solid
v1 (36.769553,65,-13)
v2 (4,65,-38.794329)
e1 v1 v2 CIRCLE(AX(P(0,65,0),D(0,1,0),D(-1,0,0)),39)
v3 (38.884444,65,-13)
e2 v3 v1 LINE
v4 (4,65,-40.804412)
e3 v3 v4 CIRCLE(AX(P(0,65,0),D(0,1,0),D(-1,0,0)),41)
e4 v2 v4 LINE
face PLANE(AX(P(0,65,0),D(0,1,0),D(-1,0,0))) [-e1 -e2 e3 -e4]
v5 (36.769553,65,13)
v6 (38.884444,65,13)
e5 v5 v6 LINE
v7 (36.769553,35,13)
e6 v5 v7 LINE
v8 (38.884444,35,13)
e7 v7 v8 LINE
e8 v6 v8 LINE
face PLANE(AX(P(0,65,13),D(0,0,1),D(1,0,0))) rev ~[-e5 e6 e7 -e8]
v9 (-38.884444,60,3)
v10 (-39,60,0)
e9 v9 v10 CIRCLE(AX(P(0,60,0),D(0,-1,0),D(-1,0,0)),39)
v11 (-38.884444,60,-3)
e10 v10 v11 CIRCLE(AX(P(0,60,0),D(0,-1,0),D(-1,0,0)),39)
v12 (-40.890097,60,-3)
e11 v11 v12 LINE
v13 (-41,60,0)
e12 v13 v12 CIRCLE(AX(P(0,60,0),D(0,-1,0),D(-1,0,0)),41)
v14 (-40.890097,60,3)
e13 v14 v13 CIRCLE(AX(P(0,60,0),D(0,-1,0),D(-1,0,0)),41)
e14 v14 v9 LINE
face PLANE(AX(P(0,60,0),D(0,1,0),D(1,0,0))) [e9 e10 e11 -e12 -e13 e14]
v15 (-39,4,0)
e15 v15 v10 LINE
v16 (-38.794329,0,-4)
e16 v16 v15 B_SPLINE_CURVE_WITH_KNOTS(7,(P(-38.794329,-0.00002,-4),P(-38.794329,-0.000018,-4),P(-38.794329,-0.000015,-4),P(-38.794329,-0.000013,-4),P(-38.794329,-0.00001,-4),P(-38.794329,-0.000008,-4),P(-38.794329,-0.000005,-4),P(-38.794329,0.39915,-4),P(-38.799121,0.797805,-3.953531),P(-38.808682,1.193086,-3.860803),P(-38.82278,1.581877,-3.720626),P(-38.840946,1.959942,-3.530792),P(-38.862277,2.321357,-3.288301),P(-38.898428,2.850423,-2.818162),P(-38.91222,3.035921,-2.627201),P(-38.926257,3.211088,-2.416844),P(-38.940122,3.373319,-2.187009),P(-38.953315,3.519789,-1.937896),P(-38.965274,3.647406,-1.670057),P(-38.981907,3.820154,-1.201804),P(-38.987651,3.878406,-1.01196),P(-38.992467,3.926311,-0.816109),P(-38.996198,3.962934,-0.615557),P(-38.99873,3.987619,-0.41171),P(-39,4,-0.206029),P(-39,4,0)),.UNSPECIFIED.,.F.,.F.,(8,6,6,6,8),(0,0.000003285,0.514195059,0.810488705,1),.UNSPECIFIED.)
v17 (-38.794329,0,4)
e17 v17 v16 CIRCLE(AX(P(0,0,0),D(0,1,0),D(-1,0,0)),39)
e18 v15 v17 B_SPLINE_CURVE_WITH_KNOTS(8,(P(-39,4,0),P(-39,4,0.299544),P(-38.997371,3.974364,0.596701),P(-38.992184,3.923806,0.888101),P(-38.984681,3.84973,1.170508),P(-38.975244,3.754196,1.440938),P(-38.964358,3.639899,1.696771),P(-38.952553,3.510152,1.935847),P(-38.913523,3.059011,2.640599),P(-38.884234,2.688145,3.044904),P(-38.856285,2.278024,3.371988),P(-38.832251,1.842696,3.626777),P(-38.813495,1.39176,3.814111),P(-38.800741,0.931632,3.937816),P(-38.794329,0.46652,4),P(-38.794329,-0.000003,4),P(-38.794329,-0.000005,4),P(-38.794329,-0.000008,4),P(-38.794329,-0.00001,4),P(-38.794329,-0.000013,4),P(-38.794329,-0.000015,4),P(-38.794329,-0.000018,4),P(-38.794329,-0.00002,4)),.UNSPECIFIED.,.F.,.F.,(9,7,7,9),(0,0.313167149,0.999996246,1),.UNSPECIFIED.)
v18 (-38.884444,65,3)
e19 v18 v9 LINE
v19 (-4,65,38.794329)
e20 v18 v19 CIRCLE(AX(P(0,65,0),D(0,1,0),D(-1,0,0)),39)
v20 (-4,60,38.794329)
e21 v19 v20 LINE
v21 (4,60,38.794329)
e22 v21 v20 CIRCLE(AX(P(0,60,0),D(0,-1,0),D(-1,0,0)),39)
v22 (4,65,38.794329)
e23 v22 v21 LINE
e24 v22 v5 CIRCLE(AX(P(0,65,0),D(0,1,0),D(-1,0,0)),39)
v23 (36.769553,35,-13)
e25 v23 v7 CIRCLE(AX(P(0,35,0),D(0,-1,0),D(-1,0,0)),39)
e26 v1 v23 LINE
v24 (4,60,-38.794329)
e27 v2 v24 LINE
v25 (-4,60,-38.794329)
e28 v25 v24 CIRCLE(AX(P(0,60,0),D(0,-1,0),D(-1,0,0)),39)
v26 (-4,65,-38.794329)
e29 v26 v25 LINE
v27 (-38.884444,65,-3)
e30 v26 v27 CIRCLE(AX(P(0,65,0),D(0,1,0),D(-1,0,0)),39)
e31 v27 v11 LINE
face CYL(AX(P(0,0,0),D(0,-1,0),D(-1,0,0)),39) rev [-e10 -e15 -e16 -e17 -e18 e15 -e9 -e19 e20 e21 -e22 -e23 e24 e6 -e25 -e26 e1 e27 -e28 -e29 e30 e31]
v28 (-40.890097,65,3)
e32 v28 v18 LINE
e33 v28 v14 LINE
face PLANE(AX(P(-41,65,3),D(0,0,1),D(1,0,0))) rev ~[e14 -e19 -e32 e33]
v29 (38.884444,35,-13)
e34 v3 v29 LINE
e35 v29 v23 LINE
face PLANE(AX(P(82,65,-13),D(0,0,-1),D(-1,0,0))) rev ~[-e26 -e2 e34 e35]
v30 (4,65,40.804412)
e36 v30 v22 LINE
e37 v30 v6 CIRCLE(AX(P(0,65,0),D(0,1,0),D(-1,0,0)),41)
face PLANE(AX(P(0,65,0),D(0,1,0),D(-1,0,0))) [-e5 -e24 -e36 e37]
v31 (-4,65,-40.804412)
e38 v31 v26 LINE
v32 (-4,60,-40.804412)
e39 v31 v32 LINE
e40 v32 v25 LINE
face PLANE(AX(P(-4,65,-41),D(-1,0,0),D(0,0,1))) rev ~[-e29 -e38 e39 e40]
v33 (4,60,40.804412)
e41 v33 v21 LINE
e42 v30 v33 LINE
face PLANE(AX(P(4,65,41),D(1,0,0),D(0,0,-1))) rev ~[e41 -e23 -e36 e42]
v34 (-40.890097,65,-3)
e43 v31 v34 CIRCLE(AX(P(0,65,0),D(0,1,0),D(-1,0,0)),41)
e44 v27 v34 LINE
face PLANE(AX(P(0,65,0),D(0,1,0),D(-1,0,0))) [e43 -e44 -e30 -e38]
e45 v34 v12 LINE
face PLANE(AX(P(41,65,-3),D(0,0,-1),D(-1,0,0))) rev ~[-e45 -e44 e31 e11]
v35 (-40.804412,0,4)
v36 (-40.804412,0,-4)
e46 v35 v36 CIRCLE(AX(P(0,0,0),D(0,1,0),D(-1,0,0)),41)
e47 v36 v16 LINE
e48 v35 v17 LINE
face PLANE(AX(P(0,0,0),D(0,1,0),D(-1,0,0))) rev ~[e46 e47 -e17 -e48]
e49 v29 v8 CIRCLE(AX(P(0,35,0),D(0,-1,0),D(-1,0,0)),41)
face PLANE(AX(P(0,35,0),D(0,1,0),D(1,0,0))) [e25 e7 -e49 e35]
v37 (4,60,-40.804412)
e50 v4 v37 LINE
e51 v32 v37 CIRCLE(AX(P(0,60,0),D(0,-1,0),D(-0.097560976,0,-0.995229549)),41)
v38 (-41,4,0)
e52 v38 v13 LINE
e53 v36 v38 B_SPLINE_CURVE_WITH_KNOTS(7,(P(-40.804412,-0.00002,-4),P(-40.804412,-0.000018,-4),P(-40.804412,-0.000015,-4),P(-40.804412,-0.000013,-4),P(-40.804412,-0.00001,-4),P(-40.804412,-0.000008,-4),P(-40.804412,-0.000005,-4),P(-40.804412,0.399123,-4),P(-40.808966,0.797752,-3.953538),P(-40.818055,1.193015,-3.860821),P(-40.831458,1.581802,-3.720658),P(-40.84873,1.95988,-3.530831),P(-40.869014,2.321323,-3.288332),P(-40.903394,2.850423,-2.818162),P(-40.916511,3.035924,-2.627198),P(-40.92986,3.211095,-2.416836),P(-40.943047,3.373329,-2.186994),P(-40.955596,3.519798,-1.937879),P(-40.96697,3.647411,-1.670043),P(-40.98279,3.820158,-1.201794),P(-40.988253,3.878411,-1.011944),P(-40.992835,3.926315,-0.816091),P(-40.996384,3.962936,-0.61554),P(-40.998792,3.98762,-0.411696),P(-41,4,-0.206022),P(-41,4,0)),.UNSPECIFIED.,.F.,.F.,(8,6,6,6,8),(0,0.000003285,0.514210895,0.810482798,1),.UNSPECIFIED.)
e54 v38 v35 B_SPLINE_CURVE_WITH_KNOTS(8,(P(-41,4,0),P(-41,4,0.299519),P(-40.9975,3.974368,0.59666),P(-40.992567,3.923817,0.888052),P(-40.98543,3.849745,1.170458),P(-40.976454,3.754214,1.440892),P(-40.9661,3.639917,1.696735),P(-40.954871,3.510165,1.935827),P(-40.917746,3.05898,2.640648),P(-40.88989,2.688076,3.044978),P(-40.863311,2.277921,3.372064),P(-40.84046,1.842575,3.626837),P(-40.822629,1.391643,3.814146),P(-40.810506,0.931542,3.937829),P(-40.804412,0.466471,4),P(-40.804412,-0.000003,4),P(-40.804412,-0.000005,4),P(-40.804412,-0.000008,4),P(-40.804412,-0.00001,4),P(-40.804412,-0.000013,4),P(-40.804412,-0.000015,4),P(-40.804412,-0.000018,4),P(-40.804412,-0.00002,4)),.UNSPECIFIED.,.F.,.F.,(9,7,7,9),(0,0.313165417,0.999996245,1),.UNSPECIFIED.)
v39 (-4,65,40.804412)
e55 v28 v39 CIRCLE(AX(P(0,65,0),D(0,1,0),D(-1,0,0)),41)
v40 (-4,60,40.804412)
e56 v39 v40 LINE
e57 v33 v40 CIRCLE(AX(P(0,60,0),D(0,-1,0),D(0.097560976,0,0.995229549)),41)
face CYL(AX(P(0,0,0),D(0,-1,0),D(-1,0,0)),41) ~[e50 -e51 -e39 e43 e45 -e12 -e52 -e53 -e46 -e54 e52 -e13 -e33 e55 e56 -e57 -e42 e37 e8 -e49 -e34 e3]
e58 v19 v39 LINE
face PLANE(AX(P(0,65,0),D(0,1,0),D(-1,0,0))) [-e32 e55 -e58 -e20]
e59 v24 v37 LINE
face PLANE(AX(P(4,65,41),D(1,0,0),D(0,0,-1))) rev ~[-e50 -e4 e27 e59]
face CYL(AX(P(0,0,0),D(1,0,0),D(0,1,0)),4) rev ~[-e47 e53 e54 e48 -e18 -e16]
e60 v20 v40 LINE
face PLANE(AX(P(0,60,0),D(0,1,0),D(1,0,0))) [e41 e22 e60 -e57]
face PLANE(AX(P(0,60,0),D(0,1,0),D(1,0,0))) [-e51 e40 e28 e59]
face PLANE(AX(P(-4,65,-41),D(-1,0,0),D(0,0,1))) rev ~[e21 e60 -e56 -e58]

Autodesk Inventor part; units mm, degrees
ref_plane "YZ Plane" through (0, 0, 0) normal (1, 0, 0) x (0, 1, 0)
ref_plane "XZ Plane" through (0, 0, 0) normal (0, 1, 0) x (-1, 0, 0)
ref_plane "XY Plane" through (0, 0, 0) normal (0, 0, 1) x (1, 0, 0)
sketch "Sketch1" plane through (0, 0, 0) normal (0, 1, 0) x (-1, 0, 0)
  circle A0 centre (0, 0) radius 41
  circle A1 centre (0, 0) radius 39
  dimension "d0" = 82
  dimension "d1" = 78
extrude "Extrusion1" add sketch "Sketch1" along normal blind 65
sketch "Sketch2" plane through (0, 65, 0) normal (0, 1, 0) x (1, 0, 0)
  line L0 (-4, -41) -> (4, -41)
  line L1 (4, -41) -> (4, 41)
  line L2 (4, 41) -> (-4, 41)
  line L3 (-4, 41) -> (-4, -41)
  line L4 (-4, -41) -> (4, 41) construction
  line L5 (4, -41) -> (-4, 41) construction
  point P0 (0, 0)
  dimension "d4" = 8
  dimension "d5" = 82
extrude "Extrusion2" cut sketch "Sketch2" against normal blind 5
sketch "Sketch3" plane through (0, 65, 0) normal (0, 1, 0) x (1, 0, 0)
  line L0 (-41, 3) -> (-41, -3)
  line L1 (-41, -3) -> (41, -3)
  line L2 (41, -3) -> (41, 3)
  line L3 (41, 3) -> (-41, 3)
  line L4 (-41, 3) -> (41, -3) construction
  line L5 (-41, -3) -> (41, 3) construction
  line L6 (-41, 3) -> (-35, 3) construction
  point P0 (0, 0)
  dimension "d8" = 6
  dimension "d9" = 90
  dimension "d10" = 82
extrude "Extrusion3" cut sketch "Sketch3" against normal blind 5
sketch "Sketch4" plane through (0, 65, 0) normal (0, 1, 0) x (1, 0, 0)
  line L0 (0, 0) -> (0, 13)
  line L1 (0, 13) -> (0, -13)
  line L2 (0, -13) -> (82, -13)
  line L3 (82, -13) -> (82, 13)
  line L4 (82, 13) -> (0, 13)
  dimension "d13" = 13
  dimension "d14" = 26
  dimension "d15" = 82
extrude "Extrusion4" cut sketch "Sketch4" against normal blind 30
sketch "Sketch5" plane through (0, 0, 0) normal (1, 0, 0) x (0, 1, 0)
  circle A0 centre (0, 0) radius 4
  dimension "d18" = 8
extrude "Extrusion5" cut sketch "Sketch5" against normal blind 82
properties part number "case"
